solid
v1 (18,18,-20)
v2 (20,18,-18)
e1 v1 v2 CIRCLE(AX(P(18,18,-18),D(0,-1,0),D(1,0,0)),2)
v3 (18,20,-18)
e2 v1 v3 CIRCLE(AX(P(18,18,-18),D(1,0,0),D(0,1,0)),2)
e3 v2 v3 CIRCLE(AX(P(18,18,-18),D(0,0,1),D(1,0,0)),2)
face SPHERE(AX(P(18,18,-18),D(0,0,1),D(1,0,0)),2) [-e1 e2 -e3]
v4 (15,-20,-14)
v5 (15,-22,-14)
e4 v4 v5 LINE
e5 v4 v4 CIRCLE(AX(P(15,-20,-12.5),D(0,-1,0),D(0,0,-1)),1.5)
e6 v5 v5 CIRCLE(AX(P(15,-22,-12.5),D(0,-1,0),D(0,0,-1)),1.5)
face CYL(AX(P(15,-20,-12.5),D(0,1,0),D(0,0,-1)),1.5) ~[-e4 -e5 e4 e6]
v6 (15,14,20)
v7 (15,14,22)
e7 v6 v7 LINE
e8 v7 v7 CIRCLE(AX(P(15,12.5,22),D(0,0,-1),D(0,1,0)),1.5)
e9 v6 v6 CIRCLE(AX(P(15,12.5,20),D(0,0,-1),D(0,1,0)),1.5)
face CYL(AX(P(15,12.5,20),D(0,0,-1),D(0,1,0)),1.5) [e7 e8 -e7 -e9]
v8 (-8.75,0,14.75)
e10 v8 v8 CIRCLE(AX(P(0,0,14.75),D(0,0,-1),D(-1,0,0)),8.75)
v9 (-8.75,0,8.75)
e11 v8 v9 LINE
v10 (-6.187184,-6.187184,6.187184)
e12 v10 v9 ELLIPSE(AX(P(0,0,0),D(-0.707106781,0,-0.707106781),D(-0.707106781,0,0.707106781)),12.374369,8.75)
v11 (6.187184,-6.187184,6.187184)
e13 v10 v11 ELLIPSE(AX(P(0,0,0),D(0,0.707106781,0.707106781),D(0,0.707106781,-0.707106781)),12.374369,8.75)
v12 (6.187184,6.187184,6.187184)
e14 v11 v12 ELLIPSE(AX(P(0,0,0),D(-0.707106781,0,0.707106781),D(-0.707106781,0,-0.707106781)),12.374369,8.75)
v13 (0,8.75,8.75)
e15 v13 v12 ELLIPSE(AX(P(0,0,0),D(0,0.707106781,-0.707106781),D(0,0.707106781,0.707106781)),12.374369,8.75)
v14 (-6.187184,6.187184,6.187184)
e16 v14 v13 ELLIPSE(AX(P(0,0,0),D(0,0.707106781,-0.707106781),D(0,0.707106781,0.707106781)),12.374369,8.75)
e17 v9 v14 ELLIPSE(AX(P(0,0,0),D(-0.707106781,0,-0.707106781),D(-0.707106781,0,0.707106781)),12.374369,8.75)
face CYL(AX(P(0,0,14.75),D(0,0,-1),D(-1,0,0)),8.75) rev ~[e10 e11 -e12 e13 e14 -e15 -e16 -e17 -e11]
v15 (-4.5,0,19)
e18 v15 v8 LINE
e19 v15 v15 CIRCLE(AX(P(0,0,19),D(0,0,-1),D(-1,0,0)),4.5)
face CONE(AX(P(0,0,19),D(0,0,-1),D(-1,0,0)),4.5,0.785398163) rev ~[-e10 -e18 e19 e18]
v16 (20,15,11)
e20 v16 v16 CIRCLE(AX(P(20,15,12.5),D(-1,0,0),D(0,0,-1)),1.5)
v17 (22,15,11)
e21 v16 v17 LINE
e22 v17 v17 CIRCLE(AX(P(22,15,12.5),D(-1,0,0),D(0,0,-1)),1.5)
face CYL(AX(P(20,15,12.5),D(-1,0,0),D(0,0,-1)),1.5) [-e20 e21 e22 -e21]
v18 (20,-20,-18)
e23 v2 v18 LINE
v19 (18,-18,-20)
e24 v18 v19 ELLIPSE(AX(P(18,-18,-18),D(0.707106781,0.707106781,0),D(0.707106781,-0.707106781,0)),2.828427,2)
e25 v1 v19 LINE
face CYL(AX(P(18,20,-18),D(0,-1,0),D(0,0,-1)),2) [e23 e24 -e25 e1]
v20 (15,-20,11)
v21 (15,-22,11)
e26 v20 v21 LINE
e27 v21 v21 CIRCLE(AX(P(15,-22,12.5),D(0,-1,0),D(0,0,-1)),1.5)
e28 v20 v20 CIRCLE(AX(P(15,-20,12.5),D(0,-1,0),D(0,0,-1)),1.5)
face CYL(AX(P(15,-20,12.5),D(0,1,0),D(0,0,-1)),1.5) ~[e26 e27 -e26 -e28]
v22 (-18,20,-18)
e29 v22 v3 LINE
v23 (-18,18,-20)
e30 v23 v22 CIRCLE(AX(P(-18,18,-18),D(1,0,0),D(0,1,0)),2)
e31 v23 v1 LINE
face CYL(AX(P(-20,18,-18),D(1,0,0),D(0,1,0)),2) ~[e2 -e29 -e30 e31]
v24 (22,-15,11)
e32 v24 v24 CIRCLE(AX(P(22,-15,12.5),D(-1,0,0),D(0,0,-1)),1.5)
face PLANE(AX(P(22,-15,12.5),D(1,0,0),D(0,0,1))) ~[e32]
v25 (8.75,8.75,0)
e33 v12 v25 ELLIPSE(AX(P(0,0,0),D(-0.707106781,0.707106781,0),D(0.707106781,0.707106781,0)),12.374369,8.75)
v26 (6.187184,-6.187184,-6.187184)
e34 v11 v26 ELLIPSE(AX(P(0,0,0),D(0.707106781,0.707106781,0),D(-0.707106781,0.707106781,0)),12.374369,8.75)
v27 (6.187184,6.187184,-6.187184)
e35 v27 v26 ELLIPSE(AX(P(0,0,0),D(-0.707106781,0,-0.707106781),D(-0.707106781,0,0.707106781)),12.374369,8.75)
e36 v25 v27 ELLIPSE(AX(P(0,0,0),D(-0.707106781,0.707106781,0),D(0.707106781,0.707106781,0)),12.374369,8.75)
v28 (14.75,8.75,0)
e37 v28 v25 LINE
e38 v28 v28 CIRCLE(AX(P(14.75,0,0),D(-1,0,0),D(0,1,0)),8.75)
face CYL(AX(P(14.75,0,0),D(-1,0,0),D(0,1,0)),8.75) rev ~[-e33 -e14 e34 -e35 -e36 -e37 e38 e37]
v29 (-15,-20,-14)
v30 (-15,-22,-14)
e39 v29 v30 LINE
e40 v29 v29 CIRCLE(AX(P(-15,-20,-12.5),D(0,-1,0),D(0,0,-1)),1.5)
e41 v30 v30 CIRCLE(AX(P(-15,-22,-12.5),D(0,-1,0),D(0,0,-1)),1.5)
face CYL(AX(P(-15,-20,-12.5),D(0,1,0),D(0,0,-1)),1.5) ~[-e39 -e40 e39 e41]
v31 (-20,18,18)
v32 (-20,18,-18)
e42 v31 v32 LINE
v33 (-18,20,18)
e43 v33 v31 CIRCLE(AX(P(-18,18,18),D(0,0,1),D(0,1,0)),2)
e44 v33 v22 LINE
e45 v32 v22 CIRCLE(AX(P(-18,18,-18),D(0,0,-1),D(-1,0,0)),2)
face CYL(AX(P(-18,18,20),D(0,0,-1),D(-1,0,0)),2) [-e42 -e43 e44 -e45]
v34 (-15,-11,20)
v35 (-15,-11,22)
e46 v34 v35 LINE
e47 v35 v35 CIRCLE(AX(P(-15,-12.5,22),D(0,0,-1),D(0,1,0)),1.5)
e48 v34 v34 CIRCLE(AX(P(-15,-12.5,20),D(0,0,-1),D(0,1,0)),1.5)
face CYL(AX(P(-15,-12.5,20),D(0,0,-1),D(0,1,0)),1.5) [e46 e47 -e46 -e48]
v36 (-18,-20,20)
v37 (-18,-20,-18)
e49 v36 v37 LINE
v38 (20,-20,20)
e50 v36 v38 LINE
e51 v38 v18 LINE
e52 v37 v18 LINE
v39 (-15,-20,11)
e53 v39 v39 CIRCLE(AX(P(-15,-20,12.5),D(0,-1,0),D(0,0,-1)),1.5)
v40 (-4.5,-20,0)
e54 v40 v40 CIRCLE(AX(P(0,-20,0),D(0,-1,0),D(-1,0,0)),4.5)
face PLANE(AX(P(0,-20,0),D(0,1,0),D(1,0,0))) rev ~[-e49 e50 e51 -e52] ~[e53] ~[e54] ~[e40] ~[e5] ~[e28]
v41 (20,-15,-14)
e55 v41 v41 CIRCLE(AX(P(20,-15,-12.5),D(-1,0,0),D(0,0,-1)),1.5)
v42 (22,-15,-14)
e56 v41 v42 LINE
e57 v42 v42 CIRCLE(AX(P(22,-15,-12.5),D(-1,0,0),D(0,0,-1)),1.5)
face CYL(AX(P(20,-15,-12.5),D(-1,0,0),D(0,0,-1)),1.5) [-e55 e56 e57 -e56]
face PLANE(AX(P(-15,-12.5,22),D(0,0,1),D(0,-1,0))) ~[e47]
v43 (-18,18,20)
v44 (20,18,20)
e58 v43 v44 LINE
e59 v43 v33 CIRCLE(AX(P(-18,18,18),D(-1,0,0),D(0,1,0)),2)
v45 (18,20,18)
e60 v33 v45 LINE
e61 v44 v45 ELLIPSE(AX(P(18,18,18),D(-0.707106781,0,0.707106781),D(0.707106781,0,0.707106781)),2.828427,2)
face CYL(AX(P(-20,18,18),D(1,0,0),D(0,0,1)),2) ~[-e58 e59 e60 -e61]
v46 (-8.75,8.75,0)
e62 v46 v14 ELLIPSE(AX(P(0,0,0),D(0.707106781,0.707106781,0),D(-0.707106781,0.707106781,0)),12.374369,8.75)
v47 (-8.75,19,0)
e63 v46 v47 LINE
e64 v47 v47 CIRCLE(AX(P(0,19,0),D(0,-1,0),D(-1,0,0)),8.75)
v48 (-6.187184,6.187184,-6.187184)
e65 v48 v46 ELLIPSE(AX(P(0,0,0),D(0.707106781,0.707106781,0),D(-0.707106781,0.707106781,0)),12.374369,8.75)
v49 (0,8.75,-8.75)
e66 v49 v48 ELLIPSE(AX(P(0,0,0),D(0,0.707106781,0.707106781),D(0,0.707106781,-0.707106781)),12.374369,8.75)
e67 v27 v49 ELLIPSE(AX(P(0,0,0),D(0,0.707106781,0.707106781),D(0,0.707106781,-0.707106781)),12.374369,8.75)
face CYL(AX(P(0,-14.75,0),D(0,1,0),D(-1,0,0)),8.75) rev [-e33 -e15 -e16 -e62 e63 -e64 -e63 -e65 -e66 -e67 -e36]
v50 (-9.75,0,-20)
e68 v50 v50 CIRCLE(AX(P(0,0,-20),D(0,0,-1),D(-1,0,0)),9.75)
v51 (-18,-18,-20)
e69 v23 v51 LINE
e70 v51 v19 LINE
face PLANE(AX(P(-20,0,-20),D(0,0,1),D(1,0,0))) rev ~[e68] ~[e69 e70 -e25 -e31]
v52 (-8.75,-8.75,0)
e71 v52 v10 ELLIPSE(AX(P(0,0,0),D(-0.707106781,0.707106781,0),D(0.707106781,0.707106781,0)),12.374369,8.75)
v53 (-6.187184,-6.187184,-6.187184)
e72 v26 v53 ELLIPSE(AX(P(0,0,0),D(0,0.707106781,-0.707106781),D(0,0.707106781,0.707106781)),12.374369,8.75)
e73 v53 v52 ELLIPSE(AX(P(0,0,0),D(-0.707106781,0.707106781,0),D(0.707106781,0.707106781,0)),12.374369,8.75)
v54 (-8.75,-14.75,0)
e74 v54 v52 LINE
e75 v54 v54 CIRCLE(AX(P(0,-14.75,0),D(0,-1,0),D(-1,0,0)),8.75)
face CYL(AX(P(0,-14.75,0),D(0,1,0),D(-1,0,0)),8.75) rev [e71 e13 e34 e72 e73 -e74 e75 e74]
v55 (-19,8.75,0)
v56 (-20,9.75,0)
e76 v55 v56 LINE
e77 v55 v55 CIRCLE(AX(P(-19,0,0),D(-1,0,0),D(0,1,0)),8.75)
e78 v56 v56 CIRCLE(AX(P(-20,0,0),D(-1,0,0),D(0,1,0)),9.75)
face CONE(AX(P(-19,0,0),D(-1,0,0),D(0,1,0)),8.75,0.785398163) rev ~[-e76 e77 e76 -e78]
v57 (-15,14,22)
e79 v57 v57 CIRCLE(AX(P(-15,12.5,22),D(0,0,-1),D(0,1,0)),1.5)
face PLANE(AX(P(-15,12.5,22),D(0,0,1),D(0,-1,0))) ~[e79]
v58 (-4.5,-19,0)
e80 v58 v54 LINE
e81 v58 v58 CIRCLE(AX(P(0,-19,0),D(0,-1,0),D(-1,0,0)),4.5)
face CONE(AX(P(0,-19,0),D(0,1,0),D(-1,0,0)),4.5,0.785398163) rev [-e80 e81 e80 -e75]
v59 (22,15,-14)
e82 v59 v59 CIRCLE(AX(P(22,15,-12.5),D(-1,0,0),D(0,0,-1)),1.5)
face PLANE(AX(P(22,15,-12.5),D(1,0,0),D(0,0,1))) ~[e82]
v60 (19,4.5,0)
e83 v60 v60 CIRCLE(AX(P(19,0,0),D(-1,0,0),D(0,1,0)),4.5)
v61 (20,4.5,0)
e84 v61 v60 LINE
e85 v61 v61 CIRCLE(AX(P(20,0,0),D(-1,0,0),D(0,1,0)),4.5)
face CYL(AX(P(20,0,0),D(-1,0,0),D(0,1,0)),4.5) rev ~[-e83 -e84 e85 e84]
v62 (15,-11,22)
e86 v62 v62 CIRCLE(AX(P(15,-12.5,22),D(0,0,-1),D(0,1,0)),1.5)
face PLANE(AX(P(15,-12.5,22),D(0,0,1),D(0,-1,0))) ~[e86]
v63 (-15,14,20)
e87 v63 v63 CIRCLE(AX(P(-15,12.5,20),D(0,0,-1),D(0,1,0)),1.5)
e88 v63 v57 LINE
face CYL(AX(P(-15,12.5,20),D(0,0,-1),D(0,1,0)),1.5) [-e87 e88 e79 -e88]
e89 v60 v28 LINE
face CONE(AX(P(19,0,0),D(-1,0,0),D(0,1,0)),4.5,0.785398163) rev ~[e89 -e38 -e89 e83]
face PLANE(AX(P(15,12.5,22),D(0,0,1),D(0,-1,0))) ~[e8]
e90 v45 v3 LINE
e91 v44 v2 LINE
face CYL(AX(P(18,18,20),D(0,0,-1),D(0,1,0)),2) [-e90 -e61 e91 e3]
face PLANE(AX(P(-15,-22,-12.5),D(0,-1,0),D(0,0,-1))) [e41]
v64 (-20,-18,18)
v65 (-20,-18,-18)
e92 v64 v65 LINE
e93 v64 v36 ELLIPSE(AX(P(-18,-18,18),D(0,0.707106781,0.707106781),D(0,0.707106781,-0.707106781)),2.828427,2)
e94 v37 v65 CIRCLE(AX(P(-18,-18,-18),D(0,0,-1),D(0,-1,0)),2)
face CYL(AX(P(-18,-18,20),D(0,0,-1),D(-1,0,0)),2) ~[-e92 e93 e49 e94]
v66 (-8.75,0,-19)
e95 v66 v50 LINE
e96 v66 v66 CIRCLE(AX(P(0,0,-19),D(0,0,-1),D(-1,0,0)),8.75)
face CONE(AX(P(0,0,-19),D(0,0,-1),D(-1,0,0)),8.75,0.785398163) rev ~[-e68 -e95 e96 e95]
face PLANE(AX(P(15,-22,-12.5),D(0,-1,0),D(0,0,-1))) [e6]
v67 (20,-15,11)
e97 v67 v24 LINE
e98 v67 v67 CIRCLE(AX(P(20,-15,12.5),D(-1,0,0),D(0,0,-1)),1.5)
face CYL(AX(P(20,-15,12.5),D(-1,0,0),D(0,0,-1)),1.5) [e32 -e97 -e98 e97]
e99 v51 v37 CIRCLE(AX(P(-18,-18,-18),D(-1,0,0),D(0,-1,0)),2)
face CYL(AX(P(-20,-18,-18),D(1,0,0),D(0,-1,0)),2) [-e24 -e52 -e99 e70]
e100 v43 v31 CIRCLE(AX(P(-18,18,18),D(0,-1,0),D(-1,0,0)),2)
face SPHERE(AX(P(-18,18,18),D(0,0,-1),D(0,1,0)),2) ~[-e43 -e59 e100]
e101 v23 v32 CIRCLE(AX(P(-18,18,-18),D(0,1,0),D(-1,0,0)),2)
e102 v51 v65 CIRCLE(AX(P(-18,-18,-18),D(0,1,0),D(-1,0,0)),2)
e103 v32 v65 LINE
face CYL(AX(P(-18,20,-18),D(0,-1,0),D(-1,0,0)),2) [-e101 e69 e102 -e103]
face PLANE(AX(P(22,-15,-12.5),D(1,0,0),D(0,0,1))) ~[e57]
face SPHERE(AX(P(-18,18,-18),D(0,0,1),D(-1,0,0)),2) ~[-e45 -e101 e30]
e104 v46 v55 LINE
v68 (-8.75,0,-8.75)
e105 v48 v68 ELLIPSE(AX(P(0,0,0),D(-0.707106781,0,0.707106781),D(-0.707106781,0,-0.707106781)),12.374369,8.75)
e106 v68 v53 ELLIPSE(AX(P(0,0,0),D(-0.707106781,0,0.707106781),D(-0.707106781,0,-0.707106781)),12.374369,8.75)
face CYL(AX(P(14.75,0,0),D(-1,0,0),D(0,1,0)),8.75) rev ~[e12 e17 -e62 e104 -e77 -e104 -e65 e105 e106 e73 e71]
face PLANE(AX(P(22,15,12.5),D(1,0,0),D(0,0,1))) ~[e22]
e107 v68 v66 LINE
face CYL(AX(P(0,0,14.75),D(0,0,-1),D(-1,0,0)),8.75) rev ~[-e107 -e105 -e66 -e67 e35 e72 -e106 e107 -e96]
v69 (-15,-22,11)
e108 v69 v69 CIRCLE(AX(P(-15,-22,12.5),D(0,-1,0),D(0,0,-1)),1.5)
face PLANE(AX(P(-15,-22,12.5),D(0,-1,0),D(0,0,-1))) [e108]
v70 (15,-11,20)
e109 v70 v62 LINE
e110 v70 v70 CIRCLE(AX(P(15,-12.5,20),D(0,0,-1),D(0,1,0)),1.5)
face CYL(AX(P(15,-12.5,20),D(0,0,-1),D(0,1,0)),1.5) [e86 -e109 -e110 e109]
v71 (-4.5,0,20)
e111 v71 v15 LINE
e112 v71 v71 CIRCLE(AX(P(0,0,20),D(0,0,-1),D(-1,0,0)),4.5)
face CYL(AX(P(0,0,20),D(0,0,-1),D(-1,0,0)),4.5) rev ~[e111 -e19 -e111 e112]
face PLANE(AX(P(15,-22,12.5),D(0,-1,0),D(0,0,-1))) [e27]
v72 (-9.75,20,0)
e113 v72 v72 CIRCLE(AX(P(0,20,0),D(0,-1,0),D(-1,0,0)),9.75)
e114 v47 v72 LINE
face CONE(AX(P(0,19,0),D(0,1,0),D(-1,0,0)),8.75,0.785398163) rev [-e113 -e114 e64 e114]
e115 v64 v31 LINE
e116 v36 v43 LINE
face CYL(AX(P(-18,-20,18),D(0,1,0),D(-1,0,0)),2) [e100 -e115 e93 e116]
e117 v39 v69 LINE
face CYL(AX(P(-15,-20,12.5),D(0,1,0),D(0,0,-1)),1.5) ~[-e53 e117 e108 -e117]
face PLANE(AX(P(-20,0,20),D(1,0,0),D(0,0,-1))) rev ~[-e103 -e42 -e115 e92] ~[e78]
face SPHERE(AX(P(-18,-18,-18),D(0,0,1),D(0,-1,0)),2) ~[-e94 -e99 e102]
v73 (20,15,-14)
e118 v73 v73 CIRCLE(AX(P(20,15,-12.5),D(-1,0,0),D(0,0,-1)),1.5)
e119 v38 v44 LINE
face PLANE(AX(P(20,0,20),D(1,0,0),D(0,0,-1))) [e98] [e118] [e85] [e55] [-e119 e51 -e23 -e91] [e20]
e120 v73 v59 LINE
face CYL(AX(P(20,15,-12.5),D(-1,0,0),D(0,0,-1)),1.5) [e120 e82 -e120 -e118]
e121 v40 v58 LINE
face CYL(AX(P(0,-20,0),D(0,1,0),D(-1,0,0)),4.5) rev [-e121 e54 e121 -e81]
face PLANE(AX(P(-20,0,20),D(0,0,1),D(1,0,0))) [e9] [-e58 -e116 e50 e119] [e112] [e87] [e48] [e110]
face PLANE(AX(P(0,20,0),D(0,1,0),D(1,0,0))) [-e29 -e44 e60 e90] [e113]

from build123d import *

# Parameters (mm, degrees)
SKETCH_1_W      = 40
SKETCH_1_H      = 40
EXTRUDE_1_DEPTH = 20
SKETCH_5_R      = 1.5
EXTRUDE_2_DEPTH = 2
FILLET_1_R      = 2


with BuildPart() as part:
    # Эскиз1 → Бобышка-Вытянуть1 (new body, symmetric)
    with BuildSketch(Plane(origin=(0, 0, 0), x_dir=(1, 0, 0), z_dir=(0, 1, 0))):
        Rectangle(SKETCH_1_W, SKETCH_1_H)
    extrude(amount=EXTRUDE_1_DEPTH, both=True)

    # Эскиз4 → Вырез-Повернуть1 (revolve, cut)
    with BuildSketch(Plane.XY):
        Polygon((-4.5, -20), (-4.5, -19), (-8.75, -14.75), (-8.75, 19), (-9.75, 20), (0, 20), (0, -20), align=None)
    cut_revolve_1 = revolve(axis=Axis((0, 20, 0), (0, -1, 0)), mode=Mode.SUBTRACT)

    # Эскиз5 → Бобышка-Вытянуть2 (add)
    with BuildSketch(Plane.XZ.offset(20)):
        with Locations(Location((-15, 12.5, 0), (0, 0, 270))):  # turned: the seam where the file's is
            Circle(SKETCH_5_R)
        with Locations(Location((-15, -12.5, 0), (0, 0, 270))):  # turned: the seam where the file's is
            Circle(SKETCH_5_R)
        with Locations(Location((15, -12.5, 0), (0, 0, 270))):  # turned: the seam where the file's is
            Circle(SKETCH_5_R)
        with Locations(Location((15, 12.5, 0), (0, 0, 270))):  # turned: the seam where the file's is
            Circle(SKETCH_5_R)
    extrude_2 = extrude(amount=EXTRUDE_2_DEPTH)

    # Зеркальное отражение1: Вырез-Повернуть1, Бобышка-Вытянуть2 across plane
    add(cut_revolve_1.mirror(Plane(origin=(0, 0, 0), x_dir=(0, 0, 1), z_dir=(0.707106781, 0.707106781, 0))), mode=Mode.SUBTRACT)
    add(extrude_2.mirror(Plane(origin=(0, 0, 0), x_dir=(0, 0, 1), z_dir=(0.707106781, 0.707106781, 0))))

    # Скругление1
    fillet_1_edges = [part.edges().sort_by_distance(p)[0] for p in [
        (-20, 20, 0),
        (0, 20, 20),
        (20, 20, 0),
        (-20, -20, 0),
        (0, -20, -20),
        (-20, 0, 20),
        (-20, 0, -20),
        (20, 0, -20),
        (0, 20, -20),
    ]]
    fillet(fillet_1_edges, radius=FILLET_1_R)

    # Зеркальное отражение2: Вырез-Повернуть1, Бобышка-Вытянуть2 across plane
    add(cut_revolve_1.mirror(Plane(origin=(0, 0, 0), x_dir=(0, -0.707106781, 0.707106781), z_dir=(0, 0.707106781, 0.707106781))), mode=Mode.SUBTRACT)
    add(extrude_2.mirror(Plane(origin=(0, 0, 0), x_dir=(0, -0.707106781, 0.707106781), z_dir=(0, 0.707106781, 0.707106781))))


solid = part.part
